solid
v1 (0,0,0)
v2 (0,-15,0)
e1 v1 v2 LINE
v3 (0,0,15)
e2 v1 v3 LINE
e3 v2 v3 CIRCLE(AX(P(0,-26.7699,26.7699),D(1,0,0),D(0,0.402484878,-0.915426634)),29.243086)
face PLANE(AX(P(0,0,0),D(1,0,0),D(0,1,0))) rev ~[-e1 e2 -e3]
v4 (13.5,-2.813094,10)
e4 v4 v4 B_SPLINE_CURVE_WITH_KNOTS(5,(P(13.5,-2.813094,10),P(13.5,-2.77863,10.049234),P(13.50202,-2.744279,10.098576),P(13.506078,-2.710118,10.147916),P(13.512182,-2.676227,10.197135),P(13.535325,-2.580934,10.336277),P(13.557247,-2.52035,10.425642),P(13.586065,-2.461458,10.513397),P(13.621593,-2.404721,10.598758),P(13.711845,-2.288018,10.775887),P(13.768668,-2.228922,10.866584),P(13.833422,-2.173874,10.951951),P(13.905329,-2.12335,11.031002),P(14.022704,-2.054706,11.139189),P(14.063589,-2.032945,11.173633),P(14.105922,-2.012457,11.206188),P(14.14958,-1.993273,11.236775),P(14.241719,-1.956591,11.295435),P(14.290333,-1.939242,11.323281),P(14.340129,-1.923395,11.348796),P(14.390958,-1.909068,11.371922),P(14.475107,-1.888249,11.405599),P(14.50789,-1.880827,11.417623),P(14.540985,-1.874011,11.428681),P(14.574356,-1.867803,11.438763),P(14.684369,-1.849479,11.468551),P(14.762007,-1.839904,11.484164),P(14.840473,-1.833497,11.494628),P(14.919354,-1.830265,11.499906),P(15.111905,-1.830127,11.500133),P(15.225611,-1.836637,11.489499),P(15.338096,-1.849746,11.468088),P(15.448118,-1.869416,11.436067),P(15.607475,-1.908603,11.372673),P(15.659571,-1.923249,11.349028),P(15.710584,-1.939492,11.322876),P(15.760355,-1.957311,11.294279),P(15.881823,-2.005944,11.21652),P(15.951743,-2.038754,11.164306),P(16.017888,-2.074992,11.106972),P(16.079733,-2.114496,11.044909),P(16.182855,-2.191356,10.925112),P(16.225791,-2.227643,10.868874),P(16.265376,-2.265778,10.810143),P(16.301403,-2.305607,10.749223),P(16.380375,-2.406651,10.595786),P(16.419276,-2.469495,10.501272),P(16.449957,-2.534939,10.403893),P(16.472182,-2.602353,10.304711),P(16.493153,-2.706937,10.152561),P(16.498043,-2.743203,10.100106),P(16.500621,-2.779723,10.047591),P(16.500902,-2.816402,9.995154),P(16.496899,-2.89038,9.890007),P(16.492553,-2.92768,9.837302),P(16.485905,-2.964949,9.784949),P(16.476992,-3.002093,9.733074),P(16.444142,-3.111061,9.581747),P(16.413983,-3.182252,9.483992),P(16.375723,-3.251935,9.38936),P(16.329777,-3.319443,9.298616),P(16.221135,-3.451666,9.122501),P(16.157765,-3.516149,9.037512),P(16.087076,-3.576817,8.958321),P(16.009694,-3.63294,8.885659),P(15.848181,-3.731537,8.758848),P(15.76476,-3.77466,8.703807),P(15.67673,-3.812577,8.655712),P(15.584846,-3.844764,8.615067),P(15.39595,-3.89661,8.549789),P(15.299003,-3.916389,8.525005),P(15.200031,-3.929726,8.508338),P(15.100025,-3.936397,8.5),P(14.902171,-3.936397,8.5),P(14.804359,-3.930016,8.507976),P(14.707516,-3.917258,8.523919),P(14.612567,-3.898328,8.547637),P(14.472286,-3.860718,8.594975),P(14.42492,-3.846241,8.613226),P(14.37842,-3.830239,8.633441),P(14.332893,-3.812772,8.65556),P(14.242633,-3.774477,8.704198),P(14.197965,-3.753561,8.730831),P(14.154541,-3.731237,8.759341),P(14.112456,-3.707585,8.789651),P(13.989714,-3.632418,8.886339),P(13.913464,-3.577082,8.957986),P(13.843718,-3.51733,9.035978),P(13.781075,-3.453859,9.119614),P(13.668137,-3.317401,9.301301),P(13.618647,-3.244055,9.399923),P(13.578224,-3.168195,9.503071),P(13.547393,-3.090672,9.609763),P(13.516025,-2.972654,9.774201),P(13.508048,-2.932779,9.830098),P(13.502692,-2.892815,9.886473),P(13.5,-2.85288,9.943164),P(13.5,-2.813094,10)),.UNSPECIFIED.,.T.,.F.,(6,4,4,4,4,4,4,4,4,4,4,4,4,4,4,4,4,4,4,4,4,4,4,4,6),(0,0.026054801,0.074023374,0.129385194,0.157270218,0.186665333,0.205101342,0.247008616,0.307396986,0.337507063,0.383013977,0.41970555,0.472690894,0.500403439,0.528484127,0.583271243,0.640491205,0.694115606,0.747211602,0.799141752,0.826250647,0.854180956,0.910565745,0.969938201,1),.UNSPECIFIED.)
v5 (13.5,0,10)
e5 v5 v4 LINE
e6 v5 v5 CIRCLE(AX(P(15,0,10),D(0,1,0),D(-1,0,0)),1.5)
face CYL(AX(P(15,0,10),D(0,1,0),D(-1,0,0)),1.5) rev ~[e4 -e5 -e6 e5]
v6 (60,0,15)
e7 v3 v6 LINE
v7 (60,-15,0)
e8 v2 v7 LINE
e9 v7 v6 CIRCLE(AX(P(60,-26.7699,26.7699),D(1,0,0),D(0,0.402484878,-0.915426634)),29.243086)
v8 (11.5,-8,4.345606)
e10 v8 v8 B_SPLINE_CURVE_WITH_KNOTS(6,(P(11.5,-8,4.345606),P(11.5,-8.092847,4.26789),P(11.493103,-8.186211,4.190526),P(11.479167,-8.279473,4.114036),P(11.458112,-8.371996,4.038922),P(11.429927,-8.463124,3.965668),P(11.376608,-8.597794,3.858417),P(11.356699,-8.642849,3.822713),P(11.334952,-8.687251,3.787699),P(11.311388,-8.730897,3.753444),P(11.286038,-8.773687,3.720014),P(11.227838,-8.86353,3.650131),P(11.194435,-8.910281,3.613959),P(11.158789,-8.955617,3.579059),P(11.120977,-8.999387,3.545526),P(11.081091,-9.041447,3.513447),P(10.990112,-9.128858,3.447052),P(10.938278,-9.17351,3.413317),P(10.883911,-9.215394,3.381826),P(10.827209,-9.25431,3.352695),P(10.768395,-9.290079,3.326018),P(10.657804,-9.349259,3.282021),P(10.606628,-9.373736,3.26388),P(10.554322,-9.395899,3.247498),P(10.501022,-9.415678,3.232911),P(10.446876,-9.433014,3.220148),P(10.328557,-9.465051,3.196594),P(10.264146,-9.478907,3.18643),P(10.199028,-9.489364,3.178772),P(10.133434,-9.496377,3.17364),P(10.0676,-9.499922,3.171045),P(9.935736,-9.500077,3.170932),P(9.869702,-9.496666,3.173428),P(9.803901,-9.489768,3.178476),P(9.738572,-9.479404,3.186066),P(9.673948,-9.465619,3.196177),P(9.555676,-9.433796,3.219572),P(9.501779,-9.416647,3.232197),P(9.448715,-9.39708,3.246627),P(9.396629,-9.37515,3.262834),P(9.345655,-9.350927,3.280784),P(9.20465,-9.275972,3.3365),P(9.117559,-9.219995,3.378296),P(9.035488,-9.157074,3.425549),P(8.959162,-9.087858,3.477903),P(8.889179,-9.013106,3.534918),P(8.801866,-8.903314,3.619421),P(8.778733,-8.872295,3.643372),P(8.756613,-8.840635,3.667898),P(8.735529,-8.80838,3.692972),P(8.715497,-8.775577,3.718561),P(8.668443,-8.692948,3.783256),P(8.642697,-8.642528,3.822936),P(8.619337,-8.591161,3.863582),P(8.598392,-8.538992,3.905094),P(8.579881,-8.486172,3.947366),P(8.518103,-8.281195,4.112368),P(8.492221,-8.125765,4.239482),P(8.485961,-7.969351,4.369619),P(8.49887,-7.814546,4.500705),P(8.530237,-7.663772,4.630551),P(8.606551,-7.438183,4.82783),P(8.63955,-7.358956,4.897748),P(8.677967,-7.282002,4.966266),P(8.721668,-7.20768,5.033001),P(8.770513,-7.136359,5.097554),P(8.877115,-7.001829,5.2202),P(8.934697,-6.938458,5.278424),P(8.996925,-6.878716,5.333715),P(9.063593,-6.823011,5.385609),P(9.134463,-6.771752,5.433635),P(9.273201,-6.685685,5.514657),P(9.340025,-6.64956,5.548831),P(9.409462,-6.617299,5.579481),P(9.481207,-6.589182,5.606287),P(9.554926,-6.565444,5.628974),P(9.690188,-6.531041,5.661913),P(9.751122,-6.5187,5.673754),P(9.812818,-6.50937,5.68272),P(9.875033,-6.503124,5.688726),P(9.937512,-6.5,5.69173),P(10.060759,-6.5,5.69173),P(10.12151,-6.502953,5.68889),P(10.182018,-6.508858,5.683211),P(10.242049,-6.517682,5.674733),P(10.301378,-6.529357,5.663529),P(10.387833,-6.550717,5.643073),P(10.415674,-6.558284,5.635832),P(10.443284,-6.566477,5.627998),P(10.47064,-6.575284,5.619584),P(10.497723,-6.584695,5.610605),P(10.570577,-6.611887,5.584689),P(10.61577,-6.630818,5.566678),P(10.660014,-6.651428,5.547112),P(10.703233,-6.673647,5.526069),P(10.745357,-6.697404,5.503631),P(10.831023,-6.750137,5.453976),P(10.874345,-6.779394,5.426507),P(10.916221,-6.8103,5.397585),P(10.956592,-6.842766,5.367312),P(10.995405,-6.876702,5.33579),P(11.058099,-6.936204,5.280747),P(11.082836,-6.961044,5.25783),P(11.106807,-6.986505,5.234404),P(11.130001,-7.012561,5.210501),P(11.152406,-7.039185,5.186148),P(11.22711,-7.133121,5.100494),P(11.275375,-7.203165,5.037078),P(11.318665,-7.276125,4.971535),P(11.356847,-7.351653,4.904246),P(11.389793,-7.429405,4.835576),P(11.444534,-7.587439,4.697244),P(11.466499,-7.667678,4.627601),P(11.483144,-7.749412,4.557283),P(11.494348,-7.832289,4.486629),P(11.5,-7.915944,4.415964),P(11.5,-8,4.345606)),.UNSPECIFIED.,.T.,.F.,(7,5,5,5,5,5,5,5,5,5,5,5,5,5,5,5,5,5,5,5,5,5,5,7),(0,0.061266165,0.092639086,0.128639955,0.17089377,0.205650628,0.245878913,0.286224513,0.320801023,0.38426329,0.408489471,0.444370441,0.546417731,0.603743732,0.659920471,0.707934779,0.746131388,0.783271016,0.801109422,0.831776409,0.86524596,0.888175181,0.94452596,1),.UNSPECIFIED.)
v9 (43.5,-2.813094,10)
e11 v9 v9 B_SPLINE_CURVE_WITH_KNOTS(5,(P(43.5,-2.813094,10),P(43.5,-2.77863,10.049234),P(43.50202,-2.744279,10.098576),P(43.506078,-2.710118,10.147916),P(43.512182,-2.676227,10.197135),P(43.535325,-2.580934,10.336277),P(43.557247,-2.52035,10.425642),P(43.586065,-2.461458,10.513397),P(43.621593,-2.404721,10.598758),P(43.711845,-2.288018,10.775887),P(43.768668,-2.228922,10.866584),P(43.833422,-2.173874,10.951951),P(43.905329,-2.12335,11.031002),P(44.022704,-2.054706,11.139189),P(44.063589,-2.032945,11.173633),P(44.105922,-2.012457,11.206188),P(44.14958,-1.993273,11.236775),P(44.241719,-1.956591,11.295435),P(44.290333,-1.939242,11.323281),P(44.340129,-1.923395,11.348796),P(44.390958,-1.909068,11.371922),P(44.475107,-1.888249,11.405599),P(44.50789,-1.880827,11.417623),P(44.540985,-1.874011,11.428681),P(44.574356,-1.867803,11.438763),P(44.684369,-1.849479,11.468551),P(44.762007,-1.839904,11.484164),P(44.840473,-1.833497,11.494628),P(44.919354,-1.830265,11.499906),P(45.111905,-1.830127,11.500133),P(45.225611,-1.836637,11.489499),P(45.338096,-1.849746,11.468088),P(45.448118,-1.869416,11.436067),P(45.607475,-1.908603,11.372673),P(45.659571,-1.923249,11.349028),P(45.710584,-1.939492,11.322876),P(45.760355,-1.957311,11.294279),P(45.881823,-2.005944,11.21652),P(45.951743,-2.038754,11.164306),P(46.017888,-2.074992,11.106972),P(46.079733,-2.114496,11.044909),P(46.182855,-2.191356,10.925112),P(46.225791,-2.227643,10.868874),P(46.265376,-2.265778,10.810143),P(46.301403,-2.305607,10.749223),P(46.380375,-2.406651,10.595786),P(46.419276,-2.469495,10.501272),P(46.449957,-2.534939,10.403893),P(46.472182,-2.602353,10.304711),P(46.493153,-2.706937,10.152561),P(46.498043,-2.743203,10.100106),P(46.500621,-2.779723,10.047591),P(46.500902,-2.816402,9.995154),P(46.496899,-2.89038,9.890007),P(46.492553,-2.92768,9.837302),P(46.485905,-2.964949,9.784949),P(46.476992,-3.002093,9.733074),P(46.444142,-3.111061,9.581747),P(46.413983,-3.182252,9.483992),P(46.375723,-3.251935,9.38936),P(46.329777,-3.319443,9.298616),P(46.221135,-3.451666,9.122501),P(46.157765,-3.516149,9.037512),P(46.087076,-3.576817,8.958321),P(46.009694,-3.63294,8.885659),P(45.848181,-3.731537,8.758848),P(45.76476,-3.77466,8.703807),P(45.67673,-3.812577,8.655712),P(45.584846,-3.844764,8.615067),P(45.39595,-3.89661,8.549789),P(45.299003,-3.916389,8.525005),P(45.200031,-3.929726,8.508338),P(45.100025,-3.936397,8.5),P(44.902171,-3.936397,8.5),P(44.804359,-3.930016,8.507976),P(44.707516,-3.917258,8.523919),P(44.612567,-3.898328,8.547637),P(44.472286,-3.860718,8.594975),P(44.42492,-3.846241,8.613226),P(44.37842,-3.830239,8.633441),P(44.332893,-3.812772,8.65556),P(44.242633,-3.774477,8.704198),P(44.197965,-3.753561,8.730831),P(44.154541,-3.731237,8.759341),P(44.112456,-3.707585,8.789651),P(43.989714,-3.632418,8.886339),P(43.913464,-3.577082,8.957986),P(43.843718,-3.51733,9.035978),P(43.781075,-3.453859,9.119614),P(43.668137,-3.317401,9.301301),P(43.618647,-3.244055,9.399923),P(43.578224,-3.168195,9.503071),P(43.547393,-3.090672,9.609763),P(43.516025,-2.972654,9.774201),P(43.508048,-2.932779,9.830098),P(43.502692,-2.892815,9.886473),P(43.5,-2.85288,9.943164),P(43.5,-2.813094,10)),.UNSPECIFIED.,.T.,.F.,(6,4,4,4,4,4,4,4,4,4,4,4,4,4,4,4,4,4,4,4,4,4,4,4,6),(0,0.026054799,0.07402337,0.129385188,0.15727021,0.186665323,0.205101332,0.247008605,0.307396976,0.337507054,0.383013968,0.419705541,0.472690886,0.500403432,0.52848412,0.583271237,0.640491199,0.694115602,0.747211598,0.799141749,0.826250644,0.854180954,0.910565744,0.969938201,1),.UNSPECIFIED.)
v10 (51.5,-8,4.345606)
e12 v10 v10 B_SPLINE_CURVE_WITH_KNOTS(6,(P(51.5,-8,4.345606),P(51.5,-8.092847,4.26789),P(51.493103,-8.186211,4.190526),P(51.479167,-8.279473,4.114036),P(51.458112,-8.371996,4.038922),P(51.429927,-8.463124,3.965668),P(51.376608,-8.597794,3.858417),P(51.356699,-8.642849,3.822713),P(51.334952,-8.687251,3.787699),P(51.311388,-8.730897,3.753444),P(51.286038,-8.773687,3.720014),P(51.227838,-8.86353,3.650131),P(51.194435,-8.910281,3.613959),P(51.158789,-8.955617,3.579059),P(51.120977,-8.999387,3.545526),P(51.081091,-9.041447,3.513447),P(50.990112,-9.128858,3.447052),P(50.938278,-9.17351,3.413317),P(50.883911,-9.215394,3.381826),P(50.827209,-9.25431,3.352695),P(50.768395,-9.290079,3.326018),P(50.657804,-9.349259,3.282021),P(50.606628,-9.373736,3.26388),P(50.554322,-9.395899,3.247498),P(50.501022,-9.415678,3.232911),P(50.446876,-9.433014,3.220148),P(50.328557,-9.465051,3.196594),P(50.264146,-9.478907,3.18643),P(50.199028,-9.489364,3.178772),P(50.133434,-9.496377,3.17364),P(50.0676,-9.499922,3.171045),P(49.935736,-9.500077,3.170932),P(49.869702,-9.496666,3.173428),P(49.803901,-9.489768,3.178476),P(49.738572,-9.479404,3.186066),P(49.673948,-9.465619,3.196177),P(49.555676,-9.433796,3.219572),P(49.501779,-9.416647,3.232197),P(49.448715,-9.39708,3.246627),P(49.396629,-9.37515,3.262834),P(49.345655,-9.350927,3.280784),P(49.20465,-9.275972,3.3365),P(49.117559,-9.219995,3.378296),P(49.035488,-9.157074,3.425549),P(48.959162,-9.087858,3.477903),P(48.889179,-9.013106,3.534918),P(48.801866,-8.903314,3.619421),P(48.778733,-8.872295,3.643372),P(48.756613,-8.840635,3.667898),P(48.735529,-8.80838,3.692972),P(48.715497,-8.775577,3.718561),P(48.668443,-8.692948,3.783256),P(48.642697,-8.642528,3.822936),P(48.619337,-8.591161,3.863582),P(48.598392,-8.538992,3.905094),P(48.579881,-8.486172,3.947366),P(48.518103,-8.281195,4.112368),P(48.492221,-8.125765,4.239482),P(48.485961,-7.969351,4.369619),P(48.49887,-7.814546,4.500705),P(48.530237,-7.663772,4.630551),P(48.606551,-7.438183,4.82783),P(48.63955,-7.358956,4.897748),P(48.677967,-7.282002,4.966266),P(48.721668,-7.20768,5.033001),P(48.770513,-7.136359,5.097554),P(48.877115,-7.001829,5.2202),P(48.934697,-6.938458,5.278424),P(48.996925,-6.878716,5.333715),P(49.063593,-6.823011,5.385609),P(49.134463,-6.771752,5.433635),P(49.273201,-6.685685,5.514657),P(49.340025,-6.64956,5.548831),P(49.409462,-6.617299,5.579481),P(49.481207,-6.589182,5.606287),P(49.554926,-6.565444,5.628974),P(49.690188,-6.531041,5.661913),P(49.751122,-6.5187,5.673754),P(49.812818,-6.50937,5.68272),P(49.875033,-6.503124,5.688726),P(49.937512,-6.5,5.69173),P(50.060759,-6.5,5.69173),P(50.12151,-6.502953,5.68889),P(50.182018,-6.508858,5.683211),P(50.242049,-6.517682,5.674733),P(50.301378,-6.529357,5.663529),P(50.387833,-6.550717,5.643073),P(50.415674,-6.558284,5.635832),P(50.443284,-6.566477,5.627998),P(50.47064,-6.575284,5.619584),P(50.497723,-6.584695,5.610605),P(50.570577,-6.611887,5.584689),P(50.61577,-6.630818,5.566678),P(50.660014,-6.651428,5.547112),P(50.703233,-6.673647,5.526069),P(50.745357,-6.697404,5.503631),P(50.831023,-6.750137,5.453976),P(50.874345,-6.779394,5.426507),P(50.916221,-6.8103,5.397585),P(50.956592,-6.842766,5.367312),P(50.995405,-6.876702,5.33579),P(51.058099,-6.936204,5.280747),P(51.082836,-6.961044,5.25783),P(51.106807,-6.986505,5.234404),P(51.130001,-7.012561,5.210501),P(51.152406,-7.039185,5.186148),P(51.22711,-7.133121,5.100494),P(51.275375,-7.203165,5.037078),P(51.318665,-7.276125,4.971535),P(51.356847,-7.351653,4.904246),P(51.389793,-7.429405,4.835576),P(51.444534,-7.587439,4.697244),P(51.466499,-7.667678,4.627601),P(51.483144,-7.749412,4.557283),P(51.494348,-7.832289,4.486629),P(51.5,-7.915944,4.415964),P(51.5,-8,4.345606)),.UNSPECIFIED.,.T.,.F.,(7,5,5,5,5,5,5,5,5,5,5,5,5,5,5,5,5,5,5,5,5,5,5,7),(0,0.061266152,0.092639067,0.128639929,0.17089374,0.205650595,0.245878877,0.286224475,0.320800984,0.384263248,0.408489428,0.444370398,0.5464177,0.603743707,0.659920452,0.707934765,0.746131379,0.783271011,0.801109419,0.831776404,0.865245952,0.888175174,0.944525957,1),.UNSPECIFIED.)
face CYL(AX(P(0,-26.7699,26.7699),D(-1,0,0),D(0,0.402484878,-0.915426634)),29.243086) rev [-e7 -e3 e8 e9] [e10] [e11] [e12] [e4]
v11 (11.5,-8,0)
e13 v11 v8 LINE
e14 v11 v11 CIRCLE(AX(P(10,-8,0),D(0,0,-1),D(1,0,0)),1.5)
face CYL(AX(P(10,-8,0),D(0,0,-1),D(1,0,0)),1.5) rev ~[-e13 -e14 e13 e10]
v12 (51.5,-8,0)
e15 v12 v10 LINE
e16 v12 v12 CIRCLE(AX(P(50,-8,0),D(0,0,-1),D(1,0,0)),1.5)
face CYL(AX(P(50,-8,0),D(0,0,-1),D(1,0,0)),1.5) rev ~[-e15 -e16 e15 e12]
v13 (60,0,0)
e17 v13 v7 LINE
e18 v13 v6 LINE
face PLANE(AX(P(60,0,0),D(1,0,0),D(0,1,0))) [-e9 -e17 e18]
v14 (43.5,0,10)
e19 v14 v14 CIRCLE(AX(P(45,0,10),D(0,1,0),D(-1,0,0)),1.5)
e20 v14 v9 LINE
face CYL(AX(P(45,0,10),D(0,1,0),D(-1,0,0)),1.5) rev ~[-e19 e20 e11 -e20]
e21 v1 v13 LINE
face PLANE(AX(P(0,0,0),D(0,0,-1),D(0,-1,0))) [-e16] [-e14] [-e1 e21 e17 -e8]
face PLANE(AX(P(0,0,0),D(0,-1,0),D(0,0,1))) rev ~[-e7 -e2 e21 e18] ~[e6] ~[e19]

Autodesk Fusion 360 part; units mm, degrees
sketch "Boceto1" plane through (0, 0, 0) normal (1, 0, 0) x (0, 1, 0)
  line L0 (0, 0) -> (-15, 0)
  line L1 (0, 0) -> (0, 15)
  arc A0 (-15, 0) -> (0, 15) centre (-26.7699, 26.7699) ccw
  dimension "d1" = 15
  dimension "d2" = 15
extrude "Extruir1" add sketch "Boceto1" along normal blind 60
sketch "Boceto2" plane through (0, 0, 0) normal (0, 1, 0) x (-1, 0, 0)
  line L0 (0, 0) -> (0, 15)
  line L1 (0, 15) -> (-60, 15)
  line L2 (-60, 15) -> (-60, 0)
  line L3 (-60, 0) -> (0, 0)
  circle A0 centre (-45, 10) radius 1.5
  circle A1 centre (-15, 10) radius 1.5
  dimension "d7" = 3
  dimension "d10" = 3
extrude "Extruir2" cut sketch "Boceto2" against normal blind 4 contours A0 | A1
sketch "Boceto3" plane through (0, 0, 0) normal (0, 0, -1) x (1, 0, 0)
  line L0 (0, 15) -> (0, 0)
  line L1 (0, 0) -> (60, 0)
  line L2 (60, 0) -> (60, 15)
  line L3 (60, 15) -> (0, 15)
  circle A0 centre (10, 8) radius 1.5
  circle A1 centre (50, 8) radius 1.5
  dimension "d17" = 3
  dimension "d18" = 3
extrude "Extruir3" cut sketch "Boceto3" against normal blind 6 contours A0 | A1
